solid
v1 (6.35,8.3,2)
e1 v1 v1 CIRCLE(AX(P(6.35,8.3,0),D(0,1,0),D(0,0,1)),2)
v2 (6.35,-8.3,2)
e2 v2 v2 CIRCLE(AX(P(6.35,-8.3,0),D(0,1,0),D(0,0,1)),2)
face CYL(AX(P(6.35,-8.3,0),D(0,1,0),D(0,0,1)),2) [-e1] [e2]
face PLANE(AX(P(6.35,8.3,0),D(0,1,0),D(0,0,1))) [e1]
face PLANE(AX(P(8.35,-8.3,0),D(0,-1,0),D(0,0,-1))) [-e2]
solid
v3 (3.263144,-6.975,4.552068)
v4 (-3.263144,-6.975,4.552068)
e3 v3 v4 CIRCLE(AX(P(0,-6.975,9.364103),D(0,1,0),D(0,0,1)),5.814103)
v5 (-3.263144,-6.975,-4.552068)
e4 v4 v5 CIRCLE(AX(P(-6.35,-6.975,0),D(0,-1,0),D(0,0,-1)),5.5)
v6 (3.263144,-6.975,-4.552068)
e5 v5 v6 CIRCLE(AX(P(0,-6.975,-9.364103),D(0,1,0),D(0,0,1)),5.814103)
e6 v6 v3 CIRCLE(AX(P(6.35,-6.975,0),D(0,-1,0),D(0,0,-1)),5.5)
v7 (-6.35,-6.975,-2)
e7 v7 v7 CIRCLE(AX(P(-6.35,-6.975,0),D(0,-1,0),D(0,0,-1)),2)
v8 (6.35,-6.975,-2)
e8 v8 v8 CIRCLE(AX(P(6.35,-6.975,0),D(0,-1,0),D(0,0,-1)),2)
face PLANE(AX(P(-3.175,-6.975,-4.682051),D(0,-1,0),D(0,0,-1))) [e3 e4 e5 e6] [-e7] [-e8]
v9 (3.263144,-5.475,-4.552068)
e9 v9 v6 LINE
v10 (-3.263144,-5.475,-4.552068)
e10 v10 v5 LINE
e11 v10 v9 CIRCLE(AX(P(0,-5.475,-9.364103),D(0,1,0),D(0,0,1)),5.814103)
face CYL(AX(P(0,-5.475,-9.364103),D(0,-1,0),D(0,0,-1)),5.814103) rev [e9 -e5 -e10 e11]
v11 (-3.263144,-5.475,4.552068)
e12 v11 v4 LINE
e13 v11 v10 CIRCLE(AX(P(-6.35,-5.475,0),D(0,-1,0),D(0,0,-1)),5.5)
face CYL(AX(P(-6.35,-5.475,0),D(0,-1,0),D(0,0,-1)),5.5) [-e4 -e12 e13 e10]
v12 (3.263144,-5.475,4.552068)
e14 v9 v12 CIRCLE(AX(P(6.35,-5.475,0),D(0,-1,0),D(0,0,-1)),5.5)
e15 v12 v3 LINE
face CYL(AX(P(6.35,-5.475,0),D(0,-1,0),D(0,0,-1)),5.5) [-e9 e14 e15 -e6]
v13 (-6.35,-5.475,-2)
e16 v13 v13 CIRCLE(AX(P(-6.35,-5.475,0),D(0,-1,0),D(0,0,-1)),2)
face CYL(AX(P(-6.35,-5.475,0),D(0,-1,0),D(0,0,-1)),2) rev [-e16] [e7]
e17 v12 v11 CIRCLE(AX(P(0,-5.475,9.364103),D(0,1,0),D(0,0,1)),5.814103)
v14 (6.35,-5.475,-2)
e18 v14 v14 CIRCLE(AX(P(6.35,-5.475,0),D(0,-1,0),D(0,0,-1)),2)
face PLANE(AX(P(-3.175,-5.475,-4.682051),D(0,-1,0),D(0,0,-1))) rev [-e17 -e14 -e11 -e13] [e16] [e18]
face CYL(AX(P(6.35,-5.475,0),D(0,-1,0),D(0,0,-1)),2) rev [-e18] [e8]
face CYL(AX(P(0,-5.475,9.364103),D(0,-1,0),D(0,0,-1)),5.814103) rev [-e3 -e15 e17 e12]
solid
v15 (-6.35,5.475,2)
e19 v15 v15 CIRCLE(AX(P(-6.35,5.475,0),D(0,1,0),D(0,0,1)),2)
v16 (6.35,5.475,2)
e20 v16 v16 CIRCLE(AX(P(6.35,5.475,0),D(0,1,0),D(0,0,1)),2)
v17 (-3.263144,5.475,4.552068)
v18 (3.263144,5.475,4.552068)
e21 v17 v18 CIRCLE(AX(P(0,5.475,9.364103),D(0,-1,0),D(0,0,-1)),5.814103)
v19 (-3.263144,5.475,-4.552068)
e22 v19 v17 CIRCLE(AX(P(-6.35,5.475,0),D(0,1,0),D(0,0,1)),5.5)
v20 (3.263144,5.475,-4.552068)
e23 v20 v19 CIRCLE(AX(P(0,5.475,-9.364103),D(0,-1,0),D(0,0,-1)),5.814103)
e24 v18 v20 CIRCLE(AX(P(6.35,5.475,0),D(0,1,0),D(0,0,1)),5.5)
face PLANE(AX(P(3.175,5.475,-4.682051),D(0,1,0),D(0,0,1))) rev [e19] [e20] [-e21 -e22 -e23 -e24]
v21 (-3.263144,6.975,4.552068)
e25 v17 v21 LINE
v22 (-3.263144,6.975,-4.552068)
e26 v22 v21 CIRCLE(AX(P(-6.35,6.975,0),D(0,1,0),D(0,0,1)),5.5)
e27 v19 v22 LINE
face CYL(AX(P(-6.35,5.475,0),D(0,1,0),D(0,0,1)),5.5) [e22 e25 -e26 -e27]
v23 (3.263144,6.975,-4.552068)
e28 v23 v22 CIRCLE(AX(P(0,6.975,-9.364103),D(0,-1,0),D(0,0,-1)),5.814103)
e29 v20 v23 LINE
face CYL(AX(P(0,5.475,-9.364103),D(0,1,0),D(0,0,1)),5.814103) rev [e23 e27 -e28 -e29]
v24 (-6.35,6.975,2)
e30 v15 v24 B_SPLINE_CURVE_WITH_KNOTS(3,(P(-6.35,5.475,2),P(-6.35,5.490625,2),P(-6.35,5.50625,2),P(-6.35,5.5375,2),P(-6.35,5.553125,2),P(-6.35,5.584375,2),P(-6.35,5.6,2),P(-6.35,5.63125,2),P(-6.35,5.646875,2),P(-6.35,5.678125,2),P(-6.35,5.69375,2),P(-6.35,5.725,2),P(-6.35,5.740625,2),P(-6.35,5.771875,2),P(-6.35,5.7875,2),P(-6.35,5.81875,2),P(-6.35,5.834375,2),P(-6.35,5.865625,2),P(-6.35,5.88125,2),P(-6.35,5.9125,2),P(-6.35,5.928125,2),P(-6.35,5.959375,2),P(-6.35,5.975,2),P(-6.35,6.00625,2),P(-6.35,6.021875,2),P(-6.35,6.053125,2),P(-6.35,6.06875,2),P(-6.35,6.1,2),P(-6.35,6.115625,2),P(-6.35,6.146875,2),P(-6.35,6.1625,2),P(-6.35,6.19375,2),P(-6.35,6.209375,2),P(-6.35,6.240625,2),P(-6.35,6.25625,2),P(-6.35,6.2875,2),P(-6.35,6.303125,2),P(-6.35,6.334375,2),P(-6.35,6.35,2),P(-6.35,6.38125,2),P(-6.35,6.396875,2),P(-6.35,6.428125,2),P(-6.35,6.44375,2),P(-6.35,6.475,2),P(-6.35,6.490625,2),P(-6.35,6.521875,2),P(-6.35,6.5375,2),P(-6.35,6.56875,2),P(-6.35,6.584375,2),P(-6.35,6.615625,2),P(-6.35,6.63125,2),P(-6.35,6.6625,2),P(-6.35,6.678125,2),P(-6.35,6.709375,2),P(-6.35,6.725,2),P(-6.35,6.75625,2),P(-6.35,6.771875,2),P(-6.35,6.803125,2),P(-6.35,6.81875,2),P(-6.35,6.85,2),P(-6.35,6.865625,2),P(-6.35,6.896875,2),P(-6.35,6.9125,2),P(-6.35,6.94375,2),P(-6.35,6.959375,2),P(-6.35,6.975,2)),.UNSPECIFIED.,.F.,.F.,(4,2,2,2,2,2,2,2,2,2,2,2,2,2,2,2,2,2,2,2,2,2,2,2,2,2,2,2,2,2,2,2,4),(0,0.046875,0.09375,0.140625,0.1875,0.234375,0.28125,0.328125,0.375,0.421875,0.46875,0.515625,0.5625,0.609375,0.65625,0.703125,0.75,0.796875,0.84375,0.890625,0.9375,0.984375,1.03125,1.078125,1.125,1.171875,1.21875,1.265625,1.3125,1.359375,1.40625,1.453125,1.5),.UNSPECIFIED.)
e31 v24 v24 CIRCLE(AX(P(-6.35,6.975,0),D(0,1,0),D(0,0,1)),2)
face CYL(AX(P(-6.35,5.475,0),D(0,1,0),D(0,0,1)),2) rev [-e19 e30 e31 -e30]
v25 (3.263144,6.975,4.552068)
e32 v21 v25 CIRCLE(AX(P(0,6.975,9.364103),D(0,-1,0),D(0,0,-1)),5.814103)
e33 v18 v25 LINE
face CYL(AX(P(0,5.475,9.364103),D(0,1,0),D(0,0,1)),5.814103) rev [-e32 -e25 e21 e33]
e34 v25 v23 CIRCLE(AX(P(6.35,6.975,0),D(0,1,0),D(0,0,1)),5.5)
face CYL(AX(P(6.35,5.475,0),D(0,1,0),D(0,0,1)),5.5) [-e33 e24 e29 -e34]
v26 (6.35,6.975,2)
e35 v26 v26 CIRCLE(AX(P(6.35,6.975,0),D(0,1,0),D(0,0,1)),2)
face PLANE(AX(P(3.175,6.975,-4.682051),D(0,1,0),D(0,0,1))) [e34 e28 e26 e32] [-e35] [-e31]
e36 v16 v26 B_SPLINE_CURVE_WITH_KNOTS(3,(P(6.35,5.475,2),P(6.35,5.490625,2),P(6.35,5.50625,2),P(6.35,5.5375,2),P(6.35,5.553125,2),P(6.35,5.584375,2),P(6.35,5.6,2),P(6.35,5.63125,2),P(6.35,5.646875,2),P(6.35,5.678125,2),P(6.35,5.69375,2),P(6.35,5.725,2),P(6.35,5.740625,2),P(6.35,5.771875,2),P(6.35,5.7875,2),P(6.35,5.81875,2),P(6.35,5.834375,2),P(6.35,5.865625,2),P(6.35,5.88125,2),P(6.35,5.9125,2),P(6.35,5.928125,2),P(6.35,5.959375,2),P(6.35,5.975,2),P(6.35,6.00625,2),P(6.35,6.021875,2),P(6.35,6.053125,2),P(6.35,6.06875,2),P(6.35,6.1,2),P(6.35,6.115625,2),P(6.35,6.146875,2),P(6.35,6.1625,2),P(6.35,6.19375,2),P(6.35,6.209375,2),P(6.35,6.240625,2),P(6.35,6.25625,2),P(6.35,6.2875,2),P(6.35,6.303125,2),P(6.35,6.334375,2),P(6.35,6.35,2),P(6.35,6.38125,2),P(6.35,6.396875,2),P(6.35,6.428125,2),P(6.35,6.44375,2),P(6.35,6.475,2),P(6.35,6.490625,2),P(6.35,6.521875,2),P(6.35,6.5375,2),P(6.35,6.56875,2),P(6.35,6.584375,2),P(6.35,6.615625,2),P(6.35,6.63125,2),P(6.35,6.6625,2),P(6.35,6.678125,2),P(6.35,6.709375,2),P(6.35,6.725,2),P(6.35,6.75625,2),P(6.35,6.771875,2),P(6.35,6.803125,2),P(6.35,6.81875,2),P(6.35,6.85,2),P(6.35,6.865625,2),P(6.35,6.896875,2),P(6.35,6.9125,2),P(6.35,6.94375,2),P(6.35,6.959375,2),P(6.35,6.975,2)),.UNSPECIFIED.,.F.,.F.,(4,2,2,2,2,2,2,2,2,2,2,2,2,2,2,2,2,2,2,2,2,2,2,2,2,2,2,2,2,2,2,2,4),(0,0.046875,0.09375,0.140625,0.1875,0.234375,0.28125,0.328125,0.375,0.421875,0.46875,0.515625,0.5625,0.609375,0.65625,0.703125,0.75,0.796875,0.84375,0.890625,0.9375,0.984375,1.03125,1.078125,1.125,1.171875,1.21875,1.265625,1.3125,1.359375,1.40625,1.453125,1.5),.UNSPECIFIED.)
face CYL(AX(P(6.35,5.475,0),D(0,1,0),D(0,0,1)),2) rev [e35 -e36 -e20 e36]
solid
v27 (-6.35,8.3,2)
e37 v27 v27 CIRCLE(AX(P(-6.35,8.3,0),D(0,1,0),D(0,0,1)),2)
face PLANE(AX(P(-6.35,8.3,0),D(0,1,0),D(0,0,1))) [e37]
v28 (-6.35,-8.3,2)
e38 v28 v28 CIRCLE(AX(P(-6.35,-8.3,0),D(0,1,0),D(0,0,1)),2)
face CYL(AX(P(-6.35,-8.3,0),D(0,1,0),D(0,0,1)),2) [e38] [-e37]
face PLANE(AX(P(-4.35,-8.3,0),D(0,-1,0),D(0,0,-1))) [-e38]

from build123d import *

# Parameters (mm, degrees)
ESBO_O5_R                = 2
RESSALTO_EXTRUS_O1_DEPTH = 1.5
ESBO_O10_R               = 2
RESSALTO_EXTRUS_O2_DEPTH = 1.5
ESBO_O16_W               = 2
ESBO_O16_H               = 16.6
ESBO_O23_W               = 2
ESBO_O23_H               = 16.6


with BuildPart() as part:
    # Esboço5 → Ressalto-extrusão1 (new body)
    with BuildSketch(Plane(origin=(0, 6.975, 0), x_dir=(1, 0, 0), z_dir=(0, 1, 0))):
        with BuildLine():
            ThreePointArc((3.263144476, 4.552067989), (0, 3.55), (-3.263144476, 4.552067989))
            ThreePointArc((-3.263144476, 4.552067989), (-11.85, 0), (-3.263144476, -4.552067989))
            ThreePointArc((-3.263144476, -4.552067989), (0, -3.55), (3.263144476, -4.552067989))
            ThreePointArc((3.263144476, -4.552067989), (11.85, 0), (3.263144476, 4.552067989))
        make_face()
        with Locations(Location((6.35, 0, 0), (0, 0, 270))):
            Circle(ESBO_O5_R, mode=Mode.SUBTRACT)
        with Locations(Location((-6.35, 0, 0), (0, 0, 270))):
            Circle(ESBO_O5_R, mode=Mode.SUBTRACT)
    extrude(amount=-RESSALTO_EXTRUS_O1_DEPTH)


with BuildPart() as body_2:
    # Esboço10 → Ressalto-extrusão2 (new body)
    with BuildSketch(Plane(origin=(0, -6.975, 0), x_dir=(-1, 0, 0), z_dir=(0, -1, 0))):
        with BuildLine():
            ThreePointArc((3.263144476, 4.552067989), (0, 3.55), (-3.263144476, 4.552067989))
            ThreePointArc((-3.263144476, 4.552067989), (-11.85, 0), (-3.263144476, -4.552067989))
            ThreePointArc((-3.263144476, -4.552067989), (0, -3.55), (3.263144476, -4.552067989))
            ThreePointArc((3.263144476, -4.552067989), (11.85, 0), (3.263144476, 4.552067989))
        make_face()
        with Locations(Location((-6.35, 0, 0), (0, 0, 90))):
            Circle(ESBO_O10_R, mode=Mode.SUBTRACT)
        with Locations(Location((6.35, 0, 0), (0, 0, 90))):
            Circle(ESBO_O10_R, mode=Mode.SUBTRACT)
    extrude(amount=-RESSALTO_EXTRUS_O2_DEPTH)


with BuildPart() as body_3:
    # Esboço16 → Revolução2 (revolve)
    with BuildSketch(Plane(origin=(0, 0, 0), x_dir=(-1, 0, 0), z_dir=(0, 0, -1)), mode=Mode.PRIVATE) as revolu_o2_sk:
        with Locations((5.35, 0)):
            Rectangle(ESBO_O16_W, ESBO_O16_H)
    revolve(revolu_o2_sk.sketch.rotate(Axis((-6.35, -8.3, 0), (0, 1, 0)), 270), axis=Axis((-6.35, -8.3, 0), (0, 1, 0)))


with BuildPart() as body_4:
    # Esboço23 → Revolução3 (revolve)
    with BuildSketch(Plane(origin=(0, 0, 0), x_dir=(-1, 0, 0), z_dir=(0, 0, -1)), mode=Mode.PRIVATE) as revolu_o3_sk:
        with Locations((-7.35, 0)):
            Rectangle(ESBO_O23_W, ESBO_O23_H)
    revolve(revolu_o3_sk.sketch.rotate(Axis((6.35, -8.3, 0), (0, 1, 0)), 270), axis=Axis((6.35, -8.3, 0), (0, 1, 0)))


solid = Compound([part.part, body_2.part, body_3.part, body_4.part])
